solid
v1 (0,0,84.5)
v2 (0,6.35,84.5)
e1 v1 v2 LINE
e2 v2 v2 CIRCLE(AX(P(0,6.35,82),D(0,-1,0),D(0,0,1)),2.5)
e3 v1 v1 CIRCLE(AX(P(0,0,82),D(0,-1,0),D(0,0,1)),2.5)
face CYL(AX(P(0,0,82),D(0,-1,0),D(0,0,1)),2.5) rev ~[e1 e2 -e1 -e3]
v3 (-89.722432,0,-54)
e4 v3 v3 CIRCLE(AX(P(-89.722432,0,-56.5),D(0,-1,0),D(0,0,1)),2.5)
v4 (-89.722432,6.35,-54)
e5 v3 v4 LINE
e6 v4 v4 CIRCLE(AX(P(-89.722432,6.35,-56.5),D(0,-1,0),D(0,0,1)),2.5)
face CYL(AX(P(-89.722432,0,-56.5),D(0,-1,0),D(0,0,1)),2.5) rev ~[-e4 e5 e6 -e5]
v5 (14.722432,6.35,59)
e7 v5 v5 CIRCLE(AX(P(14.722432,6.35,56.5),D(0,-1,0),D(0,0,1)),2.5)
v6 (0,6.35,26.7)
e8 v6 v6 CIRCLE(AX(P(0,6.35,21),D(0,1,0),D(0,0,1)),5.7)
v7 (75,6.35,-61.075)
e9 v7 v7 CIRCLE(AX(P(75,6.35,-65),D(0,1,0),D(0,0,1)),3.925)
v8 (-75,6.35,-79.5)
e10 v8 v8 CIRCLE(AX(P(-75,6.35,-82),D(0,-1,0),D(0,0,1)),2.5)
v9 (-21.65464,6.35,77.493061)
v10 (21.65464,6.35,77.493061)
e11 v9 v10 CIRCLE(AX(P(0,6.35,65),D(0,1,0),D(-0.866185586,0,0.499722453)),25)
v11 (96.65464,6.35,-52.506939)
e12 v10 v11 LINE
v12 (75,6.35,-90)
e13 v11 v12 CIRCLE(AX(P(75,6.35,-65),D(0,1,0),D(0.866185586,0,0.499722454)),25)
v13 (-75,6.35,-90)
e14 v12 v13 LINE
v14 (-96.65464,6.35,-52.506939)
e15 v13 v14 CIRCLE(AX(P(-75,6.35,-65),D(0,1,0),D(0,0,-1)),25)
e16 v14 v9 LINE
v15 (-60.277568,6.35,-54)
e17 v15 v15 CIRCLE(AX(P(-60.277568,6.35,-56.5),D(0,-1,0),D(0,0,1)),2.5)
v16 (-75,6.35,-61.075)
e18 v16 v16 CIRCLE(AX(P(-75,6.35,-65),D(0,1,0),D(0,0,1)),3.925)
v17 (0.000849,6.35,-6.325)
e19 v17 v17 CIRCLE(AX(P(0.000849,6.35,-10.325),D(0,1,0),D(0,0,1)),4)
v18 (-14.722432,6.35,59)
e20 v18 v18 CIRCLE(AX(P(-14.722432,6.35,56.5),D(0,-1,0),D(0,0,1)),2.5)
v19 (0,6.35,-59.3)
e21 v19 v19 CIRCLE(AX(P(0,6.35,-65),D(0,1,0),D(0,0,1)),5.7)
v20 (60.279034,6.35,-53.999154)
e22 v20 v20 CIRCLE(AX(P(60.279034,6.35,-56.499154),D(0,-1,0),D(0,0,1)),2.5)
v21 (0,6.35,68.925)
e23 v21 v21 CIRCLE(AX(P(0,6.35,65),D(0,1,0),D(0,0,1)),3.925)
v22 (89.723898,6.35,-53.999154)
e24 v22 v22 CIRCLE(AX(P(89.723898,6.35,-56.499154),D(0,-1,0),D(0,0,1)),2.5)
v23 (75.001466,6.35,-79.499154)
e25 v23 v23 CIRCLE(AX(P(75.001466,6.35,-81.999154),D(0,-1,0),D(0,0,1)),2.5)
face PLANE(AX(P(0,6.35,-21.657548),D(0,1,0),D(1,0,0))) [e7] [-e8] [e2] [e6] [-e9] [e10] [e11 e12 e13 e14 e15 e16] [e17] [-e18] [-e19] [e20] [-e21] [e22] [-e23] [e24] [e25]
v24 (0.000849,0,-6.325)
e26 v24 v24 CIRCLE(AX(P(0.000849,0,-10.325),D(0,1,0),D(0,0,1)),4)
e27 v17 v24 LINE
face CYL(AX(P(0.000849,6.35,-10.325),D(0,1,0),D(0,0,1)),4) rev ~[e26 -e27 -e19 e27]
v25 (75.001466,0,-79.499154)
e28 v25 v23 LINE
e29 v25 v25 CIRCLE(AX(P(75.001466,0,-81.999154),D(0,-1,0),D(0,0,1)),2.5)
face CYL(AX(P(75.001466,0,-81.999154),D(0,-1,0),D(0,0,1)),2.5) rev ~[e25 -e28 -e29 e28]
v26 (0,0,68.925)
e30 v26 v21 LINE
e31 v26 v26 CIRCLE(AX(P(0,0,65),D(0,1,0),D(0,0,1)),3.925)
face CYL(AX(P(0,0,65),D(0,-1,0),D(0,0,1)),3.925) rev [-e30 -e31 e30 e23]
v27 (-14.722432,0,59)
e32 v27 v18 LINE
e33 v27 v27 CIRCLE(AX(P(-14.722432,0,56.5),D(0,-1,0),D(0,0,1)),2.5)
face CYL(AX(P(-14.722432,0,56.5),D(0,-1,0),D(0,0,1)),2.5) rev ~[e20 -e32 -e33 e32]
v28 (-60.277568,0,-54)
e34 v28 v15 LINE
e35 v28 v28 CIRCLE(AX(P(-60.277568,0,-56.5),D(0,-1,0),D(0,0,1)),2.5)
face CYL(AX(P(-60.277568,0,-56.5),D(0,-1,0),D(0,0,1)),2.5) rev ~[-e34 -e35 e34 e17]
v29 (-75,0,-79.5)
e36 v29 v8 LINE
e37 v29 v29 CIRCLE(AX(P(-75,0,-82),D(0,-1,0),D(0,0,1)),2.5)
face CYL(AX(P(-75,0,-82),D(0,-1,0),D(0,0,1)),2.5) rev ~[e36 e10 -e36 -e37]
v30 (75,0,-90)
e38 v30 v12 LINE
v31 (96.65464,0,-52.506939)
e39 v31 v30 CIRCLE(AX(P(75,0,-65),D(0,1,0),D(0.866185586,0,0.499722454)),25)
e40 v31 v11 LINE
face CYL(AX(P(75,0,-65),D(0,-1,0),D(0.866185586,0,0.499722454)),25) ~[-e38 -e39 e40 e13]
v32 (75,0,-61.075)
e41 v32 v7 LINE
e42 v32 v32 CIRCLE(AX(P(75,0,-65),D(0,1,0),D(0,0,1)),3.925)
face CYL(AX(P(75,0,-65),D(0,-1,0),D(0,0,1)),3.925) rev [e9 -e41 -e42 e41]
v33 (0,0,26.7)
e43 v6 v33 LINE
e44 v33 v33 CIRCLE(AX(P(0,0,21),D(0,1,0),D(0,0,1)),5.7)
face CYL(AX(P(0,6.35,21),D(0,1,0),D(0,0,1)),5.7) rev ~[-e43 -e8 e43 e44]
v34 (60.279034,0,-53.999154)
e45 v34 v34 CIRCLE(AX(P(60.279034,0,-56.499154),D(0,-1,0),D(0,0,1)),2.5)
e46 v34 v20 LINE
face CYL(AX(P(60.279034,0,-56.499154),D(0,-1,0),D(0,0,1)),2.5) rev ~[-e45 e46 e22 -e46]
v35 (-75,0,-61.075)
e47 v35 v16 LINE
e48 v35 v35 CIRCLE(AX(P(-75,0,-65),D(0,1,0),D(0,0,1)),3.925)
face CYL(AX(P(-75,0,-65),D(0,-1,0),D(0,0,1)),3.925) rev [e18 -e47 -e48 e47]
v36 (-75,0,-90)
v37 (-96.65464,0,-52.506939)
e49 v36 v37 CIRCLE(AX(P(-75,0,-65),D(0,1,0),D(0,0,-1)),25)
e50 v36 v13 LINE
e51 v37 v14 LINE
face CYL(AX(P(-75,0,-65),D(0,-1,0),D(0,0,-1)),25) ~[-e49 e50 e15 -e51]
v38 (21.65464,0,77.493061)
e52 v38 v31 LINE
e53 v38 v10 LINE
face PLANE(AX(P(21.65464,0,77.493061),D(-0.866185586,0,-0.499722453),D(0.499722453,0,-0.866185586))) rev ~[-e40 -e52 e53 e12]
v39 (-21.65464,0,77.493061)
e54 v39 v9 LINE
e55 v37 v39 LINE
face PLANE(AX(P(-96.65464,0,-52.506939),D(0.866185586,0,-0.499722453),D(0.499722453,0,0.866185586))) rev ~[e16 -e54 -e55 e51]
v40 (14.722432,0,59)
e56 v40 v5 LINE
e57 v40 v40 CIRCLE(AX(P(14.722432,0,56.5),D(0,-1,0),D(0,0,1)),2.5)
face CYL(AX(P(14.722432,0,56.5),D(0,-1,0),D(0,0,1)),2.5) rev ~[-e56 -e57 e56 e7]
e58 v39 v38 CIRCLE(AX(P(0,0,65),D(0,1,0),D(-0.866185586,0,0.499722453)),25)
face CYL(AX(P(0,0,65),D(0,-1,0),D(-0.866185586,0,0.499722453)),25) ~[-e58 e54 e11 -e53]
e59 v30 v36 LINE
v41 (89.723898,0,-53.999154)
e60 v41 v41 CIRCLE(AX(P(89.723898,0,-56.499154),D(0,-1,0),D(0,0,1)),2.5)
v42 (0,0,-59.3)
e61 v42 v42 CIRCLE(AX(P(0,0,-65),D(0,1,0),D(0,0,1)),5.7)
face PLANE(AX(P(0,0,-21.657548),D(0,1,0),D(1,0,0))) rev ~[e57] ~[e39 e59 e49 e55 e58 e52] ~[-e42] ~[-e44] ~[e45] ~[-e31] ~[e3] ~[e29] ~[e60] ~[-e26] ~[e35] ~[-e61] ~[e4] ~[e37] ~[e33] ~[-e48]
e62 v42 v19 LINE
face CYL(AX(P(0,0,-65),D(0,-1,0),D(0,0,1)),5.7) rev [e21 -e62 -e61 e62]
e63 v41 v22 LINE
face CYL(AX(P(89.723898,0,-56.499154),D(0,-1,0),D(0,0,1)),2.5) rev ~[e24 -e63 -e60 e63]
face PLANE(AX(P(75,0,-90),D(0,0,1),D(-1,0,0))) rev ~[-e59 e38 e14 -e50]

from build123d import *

# Parameters (mm, degrees)
ESQUISSE1_R             = 5.7
ESQUISSE1_R_2           = 3.925
BOSS_EXTRU_1_DEPTH      = 6.35
ESQUISSE4_R             = 2.5
ENL_V_MAT_EXTRU_1_DEPTH = 6.35
ESQUISSE5_R             = 4
ENL_V_MAT_EXTRU_2_DEPTH = 135.686014493
ESQUISSE6_R             = 5.7
ENL_V_MAT_EXTRU_3_DEPTH = 135.686014493


with BuildPart() as part:
    # Esquisse1 → Boss.-Extru.1 (new body)
    with BuildSketch(Plane(origin=(0, 0, 0), x_dir=(1, 0, 0), z_dir=(0, 1, 0))):
        with BuildLine():
            Line((-96.654639651, 52.506938663), (-21.654639651, -77.493061337))
            ThreePointArc((-21.654639651, -77.493061337), (0, -90), (21.654639651, -77.493061337))
            Line((21.654639651, -77.493061337), (96.654639651, 52.506938663))
            ThreePointArc((96.654639651, 52.506938663), (96.648631983, 77.50346885), (75, 90))
            Line((75, 90), (-75, 90))
            ThreePointArc((-75, 90), (-96.648631983, 77.50346885), (-96.654639651, 52.506938663))
        make_face()
        with Locations(Location((0, 65, 0), (0, 0, 270))):
            Circle(ESQUISSE1_R, mode=Mode.SUBTRACT)
        with Locations(Location((-75, 65, 0), (0, 0, 270))):
            Circle(ESQUISSE1_R_2, mode=Mode.SUBTRACT)
        with Locations(Location((75, 65, 0), (0, 0, 270))):
            Circle(ESQUISSE1_R_2, mode=Mode.SUBTRACT)
        with Locations(Location((0, -65, 0), (0, 0, 270))):
            Circle(ESQUISSE1_R_2, mode=Mode.SUBTRACT)
    extrude(amount=BOSS_EXTRU_1_DEPTH)

    # Esquisse4 → Enlèv. mat.-Extru.1 (cut)
    with BuildSketch(Plane.XZ):
        with Locations(Location((-75, -82, 0), (0, 0, 90))):
            Circle(ESQUISSE4_R)
        with Locations(Location((-89.722431864, -56.5, 0), (0, 0, 90))):
            Circle(ESQUISSE4_R)
        with Locations(Location((-60.277568136, -56.5, 0), (0, 0, 90))):
            Circle(ESQUISSE4_R)
        with Locations(Location((60.27903399, -56.499154304, 0), (0, 0, 90))):
            Circle(ESQUISSE4_R)
        with Locations(Location((75.001465855, -81.999154304, 0), (0, 0, 90))):
            Circle(ESQUISSE4_R)
        with Locations(Location((89.723897719, -56.499154304, 0), (0, 0, 90))):
            Circle(ESQUISSE4_R)
        with Locations(Location((14.722431864, 56.5, 0), (0, 0, 90))):
            Circle(ESQUISSE4_R)
        with Locations(Location((0, 82, 0), (0, 0, 90))):
            Circle(ESQUISSE4_R)
        with Locations(Location((-14.722431864, 56.5, 0), (0, 0, 90))):
            Circle(ESQUISSE4_R)
    extrude(amount=-ENL_V_MAT_EXTRU_1_DEPTH, mode=Mode.SUBTRACT)

    # Esquisse5 → Enlèv. mat.-Extru.2 (cut, through all)
    with BuildSketch(Plane(origin=(0, 6.35, 0), x_dir=(1, 0, 0), z_dir=(0, 1, 0))):
        with Locations(Location((0.000849353, 10.324999995, 0), (0, 0, 270))):
            Circle(ESQUISSE5_R)
    extrude(amount=-ENL_V_MAT_EXTRU_2_DEPTH, mode=Mode.SUBTRACT)

    # Esquisse6 → Enlèv. mat.-Extru.3 (cut, through all)
    with BuildSketch(Plane(origin=(0, 6.35, 0), x_dir=(1, 0, 0), z_dir=(0, 1, 0))):
        with Locations(Location((0, -21, 0), (0, 0, 270))):
            Circle(ESQUISSE6_R)
    extrude(amount=-ENL_V_MAT_EXTRU_3_DEPTH, mode=Mode.SUBTRACT)


solid = part.part
